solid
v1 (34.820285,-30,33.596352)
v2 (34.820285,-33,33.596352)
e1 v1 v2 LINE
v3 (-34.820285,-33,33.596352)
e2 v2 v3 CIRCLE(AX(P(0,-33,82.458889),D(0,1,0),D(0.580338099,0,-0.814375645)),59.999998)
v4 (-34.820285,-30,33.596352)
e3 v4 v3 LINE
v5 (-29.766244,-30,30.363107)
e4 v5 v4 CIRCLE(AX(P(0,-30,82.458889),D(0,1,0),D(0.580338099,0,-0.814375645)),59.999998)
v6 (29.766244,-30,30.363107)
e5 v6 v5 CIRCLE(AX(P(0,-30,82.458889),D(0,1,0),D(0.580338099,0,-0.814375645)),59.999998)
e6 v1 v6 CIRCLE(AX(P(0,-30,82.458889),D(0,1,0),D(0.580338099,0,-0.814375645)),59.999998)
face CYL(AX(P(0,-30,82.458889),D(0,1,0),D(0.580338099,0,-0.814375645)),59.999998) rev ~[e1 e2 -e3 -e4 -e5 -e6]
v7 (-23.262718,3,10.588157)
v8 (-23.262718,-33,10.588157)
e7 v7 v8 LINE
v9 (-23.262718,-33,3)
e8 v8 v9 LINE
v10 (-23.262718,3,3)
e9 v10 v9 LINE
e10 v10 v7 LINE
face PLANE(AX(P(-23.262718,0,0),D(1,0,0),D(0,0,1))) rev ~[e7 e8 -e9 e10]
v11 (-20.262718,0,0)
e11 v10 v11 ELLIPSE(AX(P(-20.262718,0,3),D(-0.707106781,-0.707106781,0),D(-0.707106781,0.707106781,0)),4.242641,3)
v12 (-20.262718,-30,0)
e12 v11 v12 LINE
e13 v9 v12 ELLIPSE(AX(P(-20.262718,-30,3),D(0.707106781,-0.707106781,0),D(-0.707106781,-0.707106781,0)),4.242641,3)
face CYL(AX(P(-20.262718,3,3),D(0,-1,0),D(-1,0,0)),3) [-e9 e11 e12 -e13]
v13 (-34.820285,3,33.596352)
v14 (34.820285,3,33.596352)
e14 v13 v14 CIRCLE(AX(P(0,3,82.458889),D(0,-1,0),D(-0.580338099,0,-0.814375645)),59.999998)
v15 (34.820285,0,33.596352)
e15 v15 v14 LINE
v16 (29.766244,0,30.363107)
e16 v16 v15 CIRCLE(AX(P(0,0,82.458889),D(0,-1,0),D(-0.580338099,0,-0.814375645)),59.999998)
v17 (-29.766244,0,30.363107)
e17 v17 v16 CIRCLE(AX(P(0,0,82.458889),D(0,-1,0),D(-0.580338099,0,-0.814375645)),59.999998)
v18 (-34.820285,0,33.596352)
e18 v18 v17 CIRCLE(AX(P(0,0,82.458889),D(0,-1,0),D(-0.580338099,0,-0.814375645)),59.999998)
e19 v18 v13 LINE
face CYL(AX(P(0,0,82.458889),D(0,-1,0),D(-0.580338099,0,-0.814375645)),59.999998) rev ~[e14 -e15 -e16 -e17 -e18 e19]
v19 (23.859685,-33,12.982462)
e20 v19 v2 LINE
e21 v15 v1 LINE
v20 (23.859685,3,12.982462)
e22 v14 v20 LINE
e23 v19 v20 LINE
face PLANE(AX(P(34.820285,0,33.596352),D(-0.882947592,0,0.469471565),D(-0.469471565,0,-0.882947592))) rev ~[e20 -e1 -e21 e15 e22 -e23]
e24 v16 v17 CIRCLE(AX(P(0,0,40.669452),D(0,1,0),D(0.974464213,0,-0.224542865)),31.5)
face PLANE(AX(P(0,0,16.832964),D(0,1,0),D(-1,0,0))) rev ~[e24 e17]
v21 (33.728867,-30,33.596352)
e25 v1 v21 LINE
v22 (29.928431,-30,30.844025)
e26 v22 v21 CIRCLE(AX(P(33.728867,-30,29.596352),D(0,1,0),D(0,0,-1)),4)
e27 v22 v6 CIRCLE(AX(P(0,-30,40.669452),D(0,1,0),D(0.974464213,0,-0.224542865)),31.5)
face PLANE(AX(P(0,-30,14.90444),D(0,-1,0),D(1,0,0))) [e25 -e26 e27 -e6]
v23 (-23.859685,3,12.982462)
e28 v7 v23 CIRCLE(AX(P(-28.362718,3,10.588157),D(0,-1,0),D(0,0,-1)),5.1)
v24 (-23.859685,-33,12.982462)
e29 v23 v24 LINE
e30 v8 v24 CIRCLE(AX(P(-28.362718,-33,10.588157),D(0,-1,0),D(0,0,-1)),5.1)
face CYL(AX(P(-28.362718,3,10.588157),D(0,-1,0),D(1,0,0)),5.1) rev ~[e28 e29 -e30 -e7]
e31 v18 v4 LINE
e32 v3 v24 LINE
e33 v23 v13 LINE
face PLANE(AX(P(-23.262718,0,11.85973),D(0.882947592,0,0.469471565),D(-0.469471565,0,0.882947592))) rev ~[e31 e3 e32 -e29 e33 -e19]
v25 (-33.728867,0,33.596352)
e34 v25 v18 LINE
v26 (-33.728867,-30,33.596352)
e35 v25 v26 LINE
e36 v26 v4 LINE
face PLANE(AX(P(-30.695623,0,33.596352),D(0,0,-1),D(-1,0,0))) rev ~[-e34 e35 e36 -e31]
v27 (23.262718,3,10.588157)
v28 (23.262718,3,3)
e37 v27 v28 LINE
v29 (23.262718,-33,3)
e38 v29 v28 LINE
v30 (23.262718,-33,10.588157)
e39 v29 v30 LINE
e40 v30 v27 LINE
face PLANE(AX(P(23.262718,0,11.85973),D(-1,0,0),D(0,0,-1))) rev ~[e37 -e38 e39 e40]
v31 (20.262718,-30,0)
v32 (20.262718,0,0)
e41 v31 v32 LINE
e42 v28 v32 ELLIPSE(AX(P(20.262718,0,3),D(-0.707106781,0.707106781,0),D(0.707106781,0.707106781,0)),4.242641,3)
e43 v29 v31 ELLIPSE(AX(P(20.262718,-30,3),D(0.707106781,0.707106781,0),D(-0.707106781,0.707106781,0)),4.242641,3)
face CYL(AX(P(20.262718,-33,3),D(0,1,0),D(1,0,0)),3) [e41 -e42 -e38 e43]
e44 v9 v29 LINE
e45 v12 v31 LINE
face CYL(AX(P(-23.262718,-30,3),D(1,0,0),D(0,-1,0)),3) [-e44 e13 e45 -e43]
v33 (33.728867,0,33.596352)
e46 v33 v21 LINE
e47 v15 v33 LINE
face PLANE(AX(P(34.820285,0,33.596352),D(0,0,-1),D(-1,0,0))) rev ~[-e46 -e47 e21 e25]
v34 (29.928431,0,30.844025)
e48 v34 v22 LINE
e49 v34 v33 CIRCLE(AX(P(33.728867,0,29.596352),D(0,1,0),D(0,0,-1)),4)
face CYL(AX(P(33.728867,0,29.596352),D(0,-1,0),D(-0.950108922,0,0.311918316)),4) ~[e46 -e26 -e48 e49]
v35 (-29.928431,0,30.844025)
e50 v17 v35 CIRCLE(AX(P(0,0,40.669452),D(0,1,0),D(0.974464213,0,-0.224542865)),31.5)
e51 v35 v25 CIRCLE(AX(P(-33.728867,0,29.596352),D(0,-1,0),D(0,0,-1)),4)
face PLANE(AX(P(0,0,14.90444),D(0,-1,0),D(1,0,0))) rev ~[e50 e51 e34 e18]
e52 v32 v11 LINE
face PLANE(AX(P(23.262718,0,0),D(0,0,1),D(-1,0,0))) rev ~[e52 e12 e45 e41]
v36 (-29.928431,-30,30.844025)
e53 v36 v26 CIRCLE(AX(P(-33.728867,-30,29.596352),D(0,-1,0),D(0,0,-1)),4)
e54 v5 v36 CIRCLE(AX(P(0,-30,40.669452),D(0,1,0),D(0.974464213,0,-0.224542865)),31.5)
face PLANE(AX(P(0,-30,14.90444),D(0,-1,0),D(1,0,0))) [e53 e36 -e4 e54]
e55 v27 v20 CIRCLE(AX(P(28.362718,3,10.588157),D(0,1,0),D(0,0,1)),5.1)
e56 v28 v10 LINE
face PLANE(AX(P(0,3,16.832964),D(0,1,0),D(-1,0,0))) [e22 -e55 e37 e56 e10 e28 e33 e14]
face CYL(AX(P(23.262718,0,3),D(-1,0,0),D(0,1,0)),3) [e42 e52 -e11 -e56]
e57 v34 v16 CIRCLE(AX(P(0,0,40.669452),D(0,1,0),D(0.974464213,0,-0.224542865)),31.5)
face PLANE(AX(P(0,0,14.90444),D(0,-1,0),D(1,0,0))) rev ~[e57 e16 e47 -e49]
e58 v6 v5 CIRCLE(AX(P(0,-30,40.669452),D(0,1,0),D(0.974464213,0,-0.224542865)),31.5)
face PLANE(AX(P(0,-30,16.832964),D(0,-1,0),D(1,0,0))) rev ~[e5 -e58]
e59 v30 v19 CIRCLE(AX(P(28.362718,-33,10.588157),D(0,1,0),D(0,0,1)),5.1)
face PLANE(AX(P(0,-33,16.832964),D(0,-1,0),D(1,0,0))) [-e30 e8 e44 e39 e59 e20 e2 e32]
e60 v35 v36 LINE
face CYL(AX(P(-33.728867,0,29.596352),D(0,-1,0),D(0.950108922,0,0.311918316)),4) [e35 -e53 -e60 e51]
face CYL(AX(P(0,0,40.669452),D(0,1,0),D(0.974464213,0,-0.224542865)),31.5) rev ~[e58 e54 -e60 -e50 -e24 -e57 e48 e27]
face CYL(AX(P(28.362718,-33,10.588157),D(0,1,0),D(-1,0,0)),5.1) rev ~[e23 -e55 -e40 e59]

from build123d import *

# Parameters (mm, degrees)
F1_DEPTH = 30
F3_DEPTH = 3
F5_DEPTH = 3
F6_R     = 4
F7_R     = 3
F8_R     = 5.1


with BuildPart() as f1:
    # F0 (on Front) → F1 (new body)
    with BuildSketch(Plane.XZ):
        with BuildLine():
            Line((-23.262718, 0), (0, 0))
            Line((0, 0), (23.262718, 0))
            Line((23.262718, 0), (23.262718, 11.85973))
            Line((23.262718, 11.85973), (34.820285, 33.596352))
            Line((34.820285, 33.596352), (30.695623, 33.596352))
            ThreePointArc((30.695623, 33.596352), (0, 9.169452), (-30.695623, 33.596352))
            Line((-30.695623, 33.596352), (-34.820285, 33.596352))
            Line((-34.820285, 33.596352), (-23.262718, 11.85973))
            Line((-23.262718, 11.85973), (-23.262718, 0))
        make_face()
    extrude(amount=F1_DEPTH)

    # F2 (on face) → F3 (join)
    with BuildSketch(Plane.XZ.offset(30)):
        with BuildLine():
            ThreePointArc((34.820285, 33.596352), (0, 22.458891), (-34.820285, 33.596352))
            Line((-34.820285, 33.596352), (-23.262718, 11.85973))
            Line((-23.262718, 11.85973), (-23.262718, 0))
            Line((-23.262718, 0), (23.262718, 0))
            Line((23.262718, 0), (23.262718, 11.85973))
            Line((23.262718, 11.85973), (34.820285, 33.596352))
        make_face()
    extrude(amount=F3_DEPTH)

    # F4 (on face) → F5 (join)
    with BuildSketch(Plane(origin=(0, 0, 0), x_dir=(-1, 0, 0), z_dir=(0, 1, 0))):
        with BuildLine():
            ThreePointArc((34.820285, 33.596352), (0, 22.458891), (-34.820285, 33.596352))
            Line((-34.820285, 33.596352), (-23.262718, 11.85973))
            Line((-23.262718, 11.85973), (-23.262718, 0))
            Line((-23.262718, 0), (23.262718, 0))
            Line((23.262718, 0), (23.262718, 11.85973))
            Line((23.262718, 11.85973), (34.820285, 33.596352))
        make_face()
    extrude(amount=F5_DEPTH)

    # F6
    f6_edges = [f1.edges().sort_by_distance(p)[0] for p in [
        (30.695623, -15, 33.596352),
        (-30.695623, -15, 33.596352),
    ]]
    fillet(f6_edges, radius=F6_R)

    # F7
    f7_edges = [f1.edges().sort_by_distance(p)[0] for p in [
        (23.262718, -15, 0),
        (0, 3, 0),
        (-23.262718, -15, 0),
        (0, -33, 0),
    ]]
    fillet(f7_edges, radius=F7_R)

    # F8
    f8_edges = [f1.edges().sort_by_distance(p)[0] for p in [
        (-23.262718, -15, 11.85973),
        (23.262718, -15, 11.85973),
    ]]
    fillet(f8_edges, radius=F8_R)


solid = f1.part
